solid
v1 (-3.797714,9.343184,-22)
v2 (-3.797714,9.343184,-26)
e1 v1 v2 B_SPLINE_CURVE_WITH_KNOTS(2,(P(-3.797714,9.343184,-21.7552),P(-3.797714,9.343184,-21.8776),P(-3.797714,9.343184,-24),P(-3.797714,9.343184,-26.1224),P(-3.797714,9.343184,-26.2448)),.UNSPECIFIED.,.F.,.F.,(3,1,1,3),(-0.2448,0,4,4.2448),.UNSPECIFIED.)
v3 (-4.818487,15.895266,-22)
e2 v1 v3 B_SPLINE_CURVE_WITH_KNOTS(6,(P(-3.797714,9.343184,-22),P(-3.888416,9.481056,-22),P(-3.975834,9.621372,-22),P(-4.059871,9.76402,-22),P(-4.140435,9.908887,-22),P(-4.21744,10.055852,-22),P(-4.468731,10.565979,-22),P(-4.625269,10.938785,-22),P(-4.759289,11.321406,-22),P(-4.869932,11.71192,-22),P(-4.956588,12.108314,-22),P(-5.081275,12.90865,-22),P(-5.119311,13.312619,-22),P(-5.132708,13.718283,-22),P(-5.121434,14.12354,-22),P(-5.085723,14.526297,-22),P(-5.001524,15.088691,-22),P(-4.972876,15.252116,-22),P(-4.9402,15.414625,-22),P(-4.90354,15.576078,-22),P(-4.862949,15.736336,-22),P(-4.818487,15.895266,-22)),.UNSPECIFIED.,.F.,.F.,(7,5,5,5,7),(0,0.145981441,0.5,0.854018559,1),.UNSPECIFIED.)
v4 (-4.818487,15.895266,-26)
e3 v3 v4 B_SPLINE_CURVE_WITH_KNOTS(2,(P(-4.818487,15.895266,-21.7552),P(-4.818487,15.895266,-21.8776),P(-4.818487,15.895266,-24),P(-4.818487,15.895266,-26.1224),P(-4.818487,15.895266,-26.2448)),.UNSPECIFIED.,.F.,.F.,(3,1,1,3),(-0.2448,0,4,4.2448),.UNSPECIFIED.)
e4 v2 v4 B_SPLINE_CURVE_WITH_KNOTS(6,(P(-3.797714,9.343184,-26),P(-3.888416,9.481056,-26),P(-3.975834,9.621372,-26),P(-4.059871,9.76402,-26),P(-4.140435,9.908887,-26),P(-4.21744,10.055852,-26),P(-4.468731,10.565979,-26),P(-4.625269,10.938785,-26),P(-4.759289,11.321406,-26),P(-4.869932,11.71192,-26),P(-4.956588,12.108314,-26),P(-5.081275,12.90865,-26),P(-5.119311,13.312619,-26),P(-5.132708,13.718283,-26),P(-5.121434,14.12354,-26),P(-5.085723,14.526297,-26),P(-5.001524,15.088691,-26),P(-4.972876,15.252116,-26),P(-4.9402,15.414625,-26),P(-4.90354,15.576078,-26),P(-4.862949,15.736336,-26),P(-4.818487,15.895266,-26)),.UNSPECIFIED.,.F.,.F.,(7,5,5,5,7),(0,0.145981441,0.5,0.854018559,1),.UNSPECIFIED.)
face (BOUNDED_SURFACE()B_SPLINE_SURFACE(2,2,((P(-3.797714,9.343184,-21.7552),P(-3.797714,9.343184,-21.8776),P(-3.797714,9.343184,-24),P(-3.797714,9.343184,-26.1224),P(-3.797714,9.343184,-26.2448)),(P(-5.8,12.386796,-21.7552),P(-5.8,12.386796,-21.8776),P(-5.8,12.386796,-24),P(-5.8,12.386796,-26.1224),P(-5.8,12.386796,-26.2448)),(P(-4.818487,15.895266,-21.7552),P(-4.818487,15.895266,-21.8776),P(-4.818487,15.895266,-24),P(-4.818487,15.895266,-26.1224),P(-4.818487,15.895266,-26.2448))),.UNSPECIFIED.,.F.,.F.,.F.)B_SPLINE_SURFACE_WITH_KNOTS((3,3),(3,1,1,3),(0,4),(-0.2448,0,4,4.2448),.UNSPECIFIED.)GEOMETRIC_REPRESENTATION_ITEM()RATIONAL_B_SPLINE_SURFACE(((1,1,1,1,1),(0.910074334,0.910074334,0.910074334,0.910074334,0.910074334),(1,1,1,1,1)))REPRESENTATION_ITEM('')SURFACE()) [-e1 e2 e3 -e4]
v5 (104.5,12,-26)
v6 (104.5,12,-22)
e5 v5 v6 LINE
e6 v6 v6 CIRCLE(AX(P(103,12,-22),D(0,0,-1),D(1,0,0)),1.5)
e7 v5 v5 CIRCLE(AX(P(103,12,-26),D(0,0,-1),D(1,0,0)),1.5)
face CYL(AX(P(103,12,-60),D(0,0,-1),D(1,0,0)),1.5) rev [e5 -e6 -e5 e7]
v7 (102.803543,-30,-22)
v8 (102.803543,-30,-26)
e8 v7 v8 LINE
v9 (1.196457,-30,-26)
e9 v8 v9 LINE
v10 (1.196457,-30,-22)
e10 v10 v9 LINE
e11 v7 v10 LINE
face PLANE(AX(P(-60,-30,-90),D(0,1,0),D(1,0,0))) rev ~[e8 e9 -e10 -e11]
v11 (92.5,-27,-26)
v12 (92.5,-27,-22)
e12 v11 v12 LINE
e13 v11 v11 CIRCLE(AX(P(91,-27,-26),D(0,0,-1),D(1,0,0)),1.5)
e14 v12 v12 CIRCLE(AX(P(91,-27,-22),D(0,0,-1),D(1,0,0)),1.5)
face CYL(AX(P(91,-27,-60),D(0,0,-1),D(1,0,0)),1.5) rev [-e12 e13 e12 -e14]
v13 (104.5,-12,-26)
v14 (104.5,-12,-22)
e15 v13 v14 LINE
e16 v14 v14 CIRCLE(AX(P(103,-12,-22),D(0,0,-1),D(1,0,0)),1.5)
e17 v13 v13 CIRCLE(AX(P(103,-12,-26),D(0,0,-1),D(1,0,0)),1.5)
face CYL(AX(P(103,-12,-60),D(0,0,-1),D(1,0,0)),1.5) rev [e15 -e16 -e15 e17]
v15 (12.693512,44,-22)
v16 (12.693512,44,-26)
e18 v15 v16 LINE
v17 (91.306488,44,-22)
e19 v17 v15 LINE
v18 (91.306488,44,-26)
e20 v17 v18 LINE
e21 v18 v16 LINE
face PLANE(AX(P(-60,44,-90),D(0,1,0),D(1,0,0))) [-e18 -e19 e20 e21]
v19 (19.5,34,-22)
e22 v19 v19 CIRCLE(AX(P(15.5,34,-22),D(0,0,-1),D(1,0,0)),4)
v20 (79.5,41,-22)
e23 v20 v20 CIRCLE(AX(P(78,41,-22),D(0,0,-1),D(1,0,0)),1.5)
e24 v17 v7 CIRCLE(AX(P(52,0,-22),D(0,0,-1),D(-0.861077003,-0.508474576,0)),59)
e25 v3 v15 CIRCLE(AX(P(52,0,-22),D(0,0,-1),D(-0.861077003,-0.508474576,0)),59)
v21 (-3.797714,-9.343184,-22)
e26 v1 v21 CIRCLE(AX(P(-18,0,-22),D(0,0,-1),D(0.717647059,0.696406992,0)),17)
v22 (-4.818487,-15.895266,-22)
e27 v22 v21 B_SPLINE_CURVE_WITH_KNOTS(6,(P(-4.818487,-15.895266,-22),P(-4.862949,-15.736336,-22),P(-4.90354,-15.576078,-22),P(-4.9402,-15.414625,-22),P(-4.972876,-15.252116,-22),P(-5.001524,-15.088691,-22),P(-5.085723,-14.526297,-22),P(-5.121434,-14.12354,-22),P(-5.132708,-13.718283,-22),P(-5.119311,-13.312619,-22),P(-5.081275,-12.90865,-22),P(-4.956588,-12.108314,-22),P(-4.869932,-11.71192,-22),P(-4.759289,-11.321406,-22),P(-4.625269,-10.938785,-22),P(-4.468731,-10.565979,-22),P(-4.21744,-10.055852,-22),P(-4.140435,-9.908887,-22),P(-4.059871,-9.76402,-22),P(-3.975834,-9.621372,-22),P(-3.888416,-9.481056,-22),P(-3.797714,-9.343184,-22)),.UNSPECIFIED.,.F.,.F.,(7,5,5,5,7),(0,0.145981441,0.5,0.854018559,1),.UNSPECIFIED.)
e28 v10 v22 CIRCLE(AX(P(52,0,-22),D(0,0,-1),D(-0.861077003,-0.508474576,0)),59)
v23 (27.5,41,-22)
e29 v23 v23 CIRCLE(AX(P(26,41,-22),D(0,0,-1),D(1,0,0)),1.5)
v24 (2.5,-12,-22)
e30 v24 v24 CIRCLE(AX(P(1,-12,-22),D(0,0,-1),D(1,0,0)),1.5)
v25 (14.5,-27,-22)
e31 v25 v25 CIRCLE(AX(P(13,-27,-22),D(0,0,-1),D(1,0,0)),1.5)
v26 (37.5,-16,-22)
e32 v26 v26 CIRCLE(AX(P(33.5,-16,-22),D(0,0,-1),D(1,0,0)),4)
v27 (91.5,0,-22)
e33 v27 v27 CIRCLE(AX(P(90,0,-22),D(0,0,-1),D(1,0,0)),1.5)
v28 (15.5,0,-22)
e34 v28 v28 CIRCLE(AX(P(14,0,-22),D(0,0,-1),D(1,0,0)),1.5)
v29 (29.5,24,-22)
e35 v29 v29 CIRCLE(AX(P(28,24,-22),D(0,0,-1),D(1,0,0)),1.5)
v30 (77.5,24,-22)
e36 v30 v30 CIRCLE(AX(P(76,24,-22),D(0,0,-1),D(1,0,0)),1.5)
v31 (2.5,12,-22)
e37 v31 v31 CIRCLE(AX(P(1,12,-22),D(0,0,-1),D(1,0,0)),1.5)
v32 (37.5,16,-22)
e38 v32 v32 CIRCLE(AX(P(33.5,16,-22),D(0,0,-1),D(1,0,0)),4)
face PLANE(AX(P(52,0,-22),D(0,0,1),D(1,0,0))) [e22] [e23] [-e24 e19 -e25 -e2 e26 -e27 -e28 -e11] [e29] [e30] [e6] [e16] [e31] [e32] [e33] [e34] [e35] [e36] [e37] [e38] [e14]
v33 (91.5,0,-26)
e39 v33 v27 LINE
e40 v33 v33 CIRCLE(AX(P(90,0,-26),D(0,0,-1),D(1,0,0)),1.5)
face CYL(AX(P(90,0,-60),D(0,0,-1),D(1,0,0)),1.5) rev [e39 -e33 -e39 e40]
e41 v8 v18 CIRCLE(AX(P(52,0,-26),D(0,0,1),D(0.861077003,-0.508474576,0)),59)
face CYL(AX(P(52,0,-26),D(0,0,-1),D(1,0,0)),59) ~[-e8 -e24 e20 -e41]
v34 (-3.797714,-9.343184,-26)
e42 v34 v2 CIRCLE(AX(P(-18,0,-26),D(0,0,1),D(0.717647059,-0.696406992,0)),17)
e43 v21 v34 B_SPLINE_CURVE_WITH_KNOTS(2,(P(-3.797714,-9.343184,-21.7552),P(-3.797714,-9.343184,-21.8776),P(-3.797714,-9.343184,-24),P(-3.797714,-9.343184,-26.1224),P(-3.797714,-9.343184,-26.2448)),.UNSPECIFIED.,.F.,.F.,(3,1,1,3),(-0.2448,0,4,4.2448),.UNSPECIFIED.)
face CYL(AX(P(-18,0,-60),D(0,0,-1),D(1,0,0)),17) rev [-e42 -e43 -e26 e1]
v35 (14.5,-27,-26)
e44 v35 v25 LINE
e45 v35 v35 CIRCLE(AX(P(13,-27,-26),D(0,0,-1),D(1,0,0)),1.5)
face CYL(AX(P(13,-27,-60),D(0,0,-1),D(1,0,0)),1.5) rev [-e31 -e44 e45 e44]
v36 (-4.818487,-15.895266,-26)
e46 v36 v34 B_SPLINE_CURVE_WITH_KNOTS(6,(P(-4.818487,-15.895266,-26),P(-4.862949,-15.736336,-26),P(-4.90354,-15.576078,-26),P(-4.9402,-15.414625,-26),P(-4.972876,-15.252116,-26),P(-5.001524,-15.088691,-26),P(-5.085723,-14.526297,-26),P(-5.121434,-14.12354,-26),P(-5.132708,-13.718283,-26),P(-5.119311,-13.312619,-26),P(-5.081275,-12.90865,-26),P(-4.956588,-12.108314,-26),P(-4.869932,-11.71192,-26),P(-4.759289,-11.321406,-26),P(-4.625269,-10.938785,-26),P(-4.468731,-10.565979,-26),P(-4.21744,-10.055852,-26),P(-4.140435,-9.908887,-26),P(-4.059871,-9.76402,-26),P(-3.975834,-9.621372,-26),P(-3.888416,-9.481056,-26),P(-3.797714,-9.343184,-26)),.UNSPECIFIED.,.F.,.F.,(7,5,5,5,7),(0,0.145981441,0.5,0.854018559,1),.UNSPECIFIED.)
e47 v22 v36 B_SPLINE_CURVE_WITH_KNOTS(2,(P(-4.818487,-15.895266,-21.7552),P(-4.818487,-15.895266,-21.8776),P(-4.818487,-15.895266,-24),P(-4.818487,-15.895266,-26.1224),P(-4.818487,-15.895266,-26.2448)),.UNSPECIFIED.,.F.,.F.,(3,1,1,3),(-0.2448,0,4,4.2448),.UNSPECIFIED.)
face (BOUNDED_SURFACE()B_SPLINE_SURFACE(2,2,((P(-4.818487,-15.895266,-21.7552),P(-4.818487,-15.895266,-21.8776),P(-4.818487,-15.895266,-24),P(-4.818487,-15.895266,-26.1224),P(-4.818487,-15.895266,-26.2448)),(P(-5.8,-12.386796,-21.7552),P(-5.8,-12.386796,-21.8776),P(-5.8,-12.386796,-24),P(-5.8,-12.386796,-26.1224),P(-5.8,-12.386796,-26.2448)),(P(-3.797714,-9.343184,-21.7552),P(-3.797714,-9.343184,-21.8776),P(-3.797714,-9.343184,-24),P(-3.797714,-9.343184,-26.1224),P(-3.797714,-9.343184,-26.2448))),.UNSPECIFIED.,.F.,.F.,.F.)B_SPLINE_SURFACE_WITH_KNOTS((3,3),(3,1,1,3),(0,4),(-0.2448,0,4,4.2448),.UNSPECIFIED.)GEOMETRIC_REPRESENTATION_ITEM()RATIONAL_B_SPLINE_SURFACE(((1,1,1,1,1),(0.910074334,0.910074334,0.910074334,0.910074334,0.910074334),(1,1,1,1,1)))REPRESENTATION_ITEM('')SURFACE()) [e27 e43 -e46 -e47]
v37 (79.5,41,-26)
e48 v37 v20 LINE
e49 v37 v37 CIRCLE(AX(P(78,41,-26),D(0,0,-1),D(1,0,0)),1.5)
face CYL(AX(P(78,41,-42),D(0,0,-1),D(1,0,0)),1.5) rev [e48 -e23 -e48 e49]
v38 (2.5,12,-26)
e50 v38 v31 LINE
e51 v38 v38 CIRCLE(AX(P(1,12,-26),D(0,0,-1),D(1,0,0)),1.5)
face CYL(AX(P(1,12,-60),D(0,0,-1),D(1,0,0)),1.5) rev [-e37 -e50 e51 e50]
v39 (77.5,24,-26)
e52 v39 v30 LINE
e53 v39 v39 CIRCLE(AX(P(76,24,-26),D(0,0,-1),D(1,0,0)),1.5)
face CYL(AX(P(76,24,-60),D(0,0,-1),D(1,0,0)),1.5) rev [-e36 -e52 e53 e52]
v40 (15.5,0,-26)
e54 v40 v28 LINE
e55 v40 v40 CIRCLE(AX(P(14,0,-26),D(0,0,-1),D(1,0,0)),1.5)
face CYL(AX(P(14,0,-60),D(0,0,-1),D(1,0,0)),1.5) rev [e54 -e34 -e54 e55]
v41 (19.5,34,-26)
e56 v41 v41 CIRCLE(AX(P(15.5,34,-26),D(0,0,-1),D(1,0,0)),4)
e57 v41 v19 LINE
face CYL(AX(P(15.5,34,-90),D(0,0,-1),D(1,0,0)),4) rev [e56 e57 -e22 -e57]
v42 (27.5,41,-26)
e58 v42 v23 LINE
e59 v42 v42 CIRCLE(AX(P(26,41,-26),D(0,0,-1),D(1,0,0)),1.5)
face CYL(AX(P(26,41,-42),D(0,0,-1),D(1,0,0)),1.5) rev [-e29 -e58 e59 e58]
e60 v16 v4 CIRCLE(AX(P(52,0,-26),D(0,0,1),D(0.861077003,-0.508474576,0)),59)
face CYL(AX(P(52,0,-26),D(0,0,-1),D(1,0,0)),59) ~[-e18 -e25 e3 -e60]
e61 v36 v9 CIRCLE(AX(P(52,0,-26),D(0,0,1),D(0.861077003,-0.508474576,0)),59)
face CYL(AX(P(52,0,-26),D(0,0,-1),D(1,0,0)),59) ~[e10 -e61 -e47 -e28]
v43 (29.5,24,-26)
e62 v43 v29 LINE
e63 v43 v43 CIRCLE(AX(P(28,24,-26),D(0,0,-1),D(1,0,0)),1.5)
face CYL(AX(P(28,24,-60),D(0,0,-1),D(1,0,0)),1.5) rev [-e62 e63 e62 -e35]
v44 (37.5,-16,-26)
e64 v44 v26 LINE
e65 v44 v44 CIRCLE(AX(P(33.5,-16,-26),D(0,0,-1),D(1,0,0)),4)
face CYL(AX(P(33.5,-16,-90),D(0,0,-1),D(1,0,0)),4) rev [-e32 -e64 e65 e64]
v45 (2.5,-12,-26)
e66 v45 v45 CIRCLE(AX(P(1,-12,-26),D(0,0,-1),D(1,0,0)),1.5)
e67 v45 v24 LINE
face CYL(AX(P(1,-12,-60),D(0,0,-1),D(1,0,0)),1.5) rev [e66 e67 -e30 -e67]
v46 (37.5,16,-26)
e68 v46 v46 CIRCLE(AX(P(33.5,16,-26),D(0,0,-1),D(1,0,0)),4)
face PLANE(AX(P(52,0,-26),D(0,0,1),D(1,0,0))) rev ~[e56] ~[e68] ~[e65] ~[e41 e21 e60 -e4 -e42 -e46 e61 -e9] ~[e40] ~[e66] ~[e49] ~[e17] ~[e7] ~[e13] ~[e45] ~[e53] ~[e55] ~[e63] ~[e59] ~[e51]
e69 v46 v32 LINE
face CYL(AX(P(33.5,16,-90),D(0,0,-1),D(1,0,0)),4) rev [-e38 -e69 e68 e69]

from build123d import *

# Parameters (mm, degrees)
CYLINDER1834_R     = 17
CYLINDER1834_DEPTH = 160
CYLINDER1871_R     = 1.5
CYLINDER1871_DEPTH = 100
CYLINDER1829_R     = 1.5
CYLINDER1829_DEPTH = 100
CYLINDER1810_R     = 1.5
CYLINDER1810_DEPTH = 32
CYLINDER1802_R     = 1.5
CYLINDER1802_DEPTH = 32
BOX549_W           = 200
BOX549_H           = 100
BOX549_DEPTH       = 100
BOX550_W           = 200
BOX550_H           = 100
BOX550_DEPTH       = 100
CYLINDER1813_R     = 4
CYLINDER1813_DEPTH = 100
CYLINDER1800_R     = 4
CYLINDER1800_DEPTH = 100
CYLINDER1816_R     = 4
CYLINDER1816_DEPTH = 100
CYLINDER1815_R     = 4
CYLINDER1815_DEPTH = 100
CYLINDER1812_R     = 4
CYLINDER1812_DEPTH = 100
CYLINDER1801_R     = 4
CYLINDER1801_DEPTH = 100
CYLINDER1811_R     = 4
CYLINDER1811_DEPTH = 100
CYLINDER1814_R     = 4
CYLINDER1814_DEPTH = 100
CYLINDER1821_R     = 1.5
CYLINDER1821_DEPTH = 100
CYLINDER1820_R     = 1.5
CYLINDER1820_DEPTH = 100
CYLINDER1819_R     = 1.5
CYLINDER1819_DEPTH = 100
CYLINDER1818_R     = 1.5
CYLINDER1818_DEPTH = 100
CYLINDER1808_R     = 1.5
CYLINDER1808_DEPTH = 100
CYLINDER1807_R     = 1.5
CYLINDER1807_DEPTH = 100
CYLINDER1799_R     = 1.5
CYLINDER1799_DEPTH = 100
CYLINDER1822_R     = 1.5
CYLINDER1822_DEPTH = 100
CYLINDER1823_R     = 59
CYLINDER1823_DEPTH = 4
FILLET023_R        = 8


with BuildPart() as v_lec1834:
    # Cylinder1834 → Cylinder1834 (new body)
    with BuildSketch(Plane(origin=(-18, 0, -60), x_dir=(1, 0, 0), z_dir=(0, 0, 1))):
        Circle(CYLINDER1834_R)
    extrude(amount=CYLINDER1834_DEPTH)


with BuildPart() as v_lec1871:
    # Cylinder1871 → Cylinder1871 (new body)
    with BuildSketch(Plane(origin=(14, 0, -60), x_dir=(1, 0, 0), z_dir=(0, 0, 1))):
        Circle(CYLINDER1871_R)
    extrude(amount=CYLINDER1871_DEPTH)


with BuildPart() as srouby_troj011:
    # Cylinder1829 → Cylinder1829 (new body)
    with BuildSketch(Plane(origin=(90, 0, -60), x_dir=(1, 0, 0), z_dir=(0, 0, 1))):
        Circle(CYLINDER1829_R)
    extrude(amount=CYLINDER1829_DEPTH)

    # Compound967: union Válec1871
    add(v_lec1871.part)


with BuildPart() as v_lec1810:
    # Cylinder1810 → Cylinder1810 (new body)
    with BuildSketch(Plane(origin=(78, 41, -42), x_dir=(1, 0, 0), z_dir=(0, 0, 1))):
        Circle(CYLINDER1810_R)
    extrude(amount=CYLINDER1810_DEPTH)


with BuildPart() as compound969:
    # Cylinder1802 → Cylinder1802 (new body)
    with BuildSketch(Plane(origin=(26, 41, -42), x_dir=(1, 0, 0), z_dir=(0, 0, 1))):
        Circle(CYLINDER1802_R)
    extrude(amount=CYLINDER1802_DEPTH)

    # Compound969: union Válec1810
    add(v_lec1810.part)


with BuildPart() as krychle549:
    # Box549 → Box549 (new body)
    with BuildSketch(Plane(origin=(-60, 44, -90), x_dir=(1, 0, 0), z_dir=(0, 0, 1))):
        with Locations((100, 50)):
            Rectangle(BOX549_W, BOX549_H)
    extrude(amount=BOX549_DEPTH)


with BuildPart() as krychle550:
    # Box550 → Box550 (new body)
    with BuildSketch(Plane(origin=(-60, -130, -90), x_dir=(1, 0, 0), z_dir=(0, 0, 1))):
        with Locations((100, 50)):
            Rectangle(BOX550_W, BOX550_H)
    extrude(amount=BOX550_DEPTH)


with BuildPart() as v_lec1813:
    # Cylinder1813 → Cylinder1813 (new body)
    with BuildSketch(Plane(origin=(-16, 34, -90), x_dir=(1, 0, 0), z_dir=(0, 0, 1))):
        Circle(CYLINDER1813_R)
    extrude(amount=CYLINDER1813_DEPTH)


with BuildPart() as v_lec1800:
    # Cylinder1800 → Cylinder1800 (new body)
    with BuildSketch(Plane(origin=(-16, -34, -90), x_dir=(1, 0, 0), z_dir=(0, 0, 1))):
        Circle(CYLINDER1800_R)
    extrude(amount=CYLINDER1800_DEPTH)


with BuildPart() as v_lec1816:
    # Cylinder1816 → Cylinder1816 (new body)
    with BuildSketch(Plane(origin=(34, -16, -90), x_dir=(1, 0, 0), z_dir=(0, 0, 1))):
        Circle(CYLINDER1816_R)
    extrude(amount=CYLINDER1816_DEPTH)


with BuildPart() as v_lec1815:
    # Cylinder1815 → Cylinder1815 (new body)
    with BuildSketch(Plane(origin=(16, 34, -90), x_dir=(1, 0, 0), z_dir=(0, 0, 1))):
        Circle(CYLINDER1815_R)
    extrude(amount=CYLINDER1815_DEPTH)


with BuildPart() as v_lec1812:
    # Cylinder1812 → Cylinder1812 (new body)
    with BuildSketch(Plane(origin=(16, -34, -90), x_dir=(1, 0, 0), z_dir=(0, 0, 1))):
        Circle(CYLINDER1812_R)
    extrude(amount=CYLINDER1812_DEPTH)


with BuildPart() as v_lec1801:
    # Cylinder1801 → Cylinder1801 (new body)
    with BuildSketch(Plane(origin=(-34, 16, -90), x_dir=(1, 0, 0), z_dir=(0, 0, 1))):
        Circle(CYLINDER1801_R)
    extrude(amount=CYLINDER1801_DEPTH)


with BuildPart() as v_lec1811:
    # Cylinder1811 → Cylinder1811 (new body)
    with BuildSketch(Plane(origin=(34, 16, -90), x_dir=(1, 0, 0), z_dir=(0, 0, 1))):
        Circle(CYLINDER1811_R)
    extrude(amount=CYLINDER1811_DEPTH)


with BuildPart() as sbouby_baze_silne019:
    # Cylinder1814 → Cylinder1814 (new body)
    with BuildSketch(Plane(origin=(-34, -16, -90), x_dir=(1, 0, 0), z_dir=(0, 0, 1))):
        Circle(CYLINDER1814_R)
    extrude(amount=CYLINDER1814_DEPTH)

    # Compound970: union Válec1813, Válec1800, Válec1816, Válec1815, Válec1812, Válec1801, Válec1811
    add(v_lec1813.part)
    add(v_lec1800.part)
    add(v_lec1816.part)
    add(v_lec1815.part)
    add(v_lec1812.part)
    add(v_lec1801.part)
    add(v_lec1811.part)


with BuildPart() as sbouby_baze_silne019_1:
    # Compound970 placement: moved
    add(sbouby_baze_silne019.part.moved(Location((-0.5, 0, 0))))


with BuildPart() as v_lec1821:
    # Cylinder1821 → Cylinder1821 (new body)
    with BuildSketch(Plane(origin=(103, 12, -60), x_dir=(1, 0, 0), z_dir=(0, 0, 1))):
        Circle(CYLINDER1821_R)
    extrude(amount=CYLINDER1821_DEPTH)


with BuildPart() as v_lec1820:
    # Cylinder1820 → Cylinder1820 (new body)
    with BuildSketch(Plane(origin=(76, 24, -60), x_dir=(1, 0, 0), z_dir=(0, 0, 1))):
        Circle(CYLINDER1820_R)
    extrude(amount=CYLINDER1820_DEPTH)


with BuildPart() as v_lec1819:
    # Cylinder1819 → Cylinder1819 (new body)
    with BuildSketch(Plane(origin=(91, -27, -60), x_dir=(1, 0, 0), z_dir=(0, 0, 1))):
        Circle(CYLINDER1819_R)
    extrude(amount=CYLINDER1819_DEPTH)


with BuildPart() as v_lec1818:
    # Cylinder1818 → Cylinder1818 (new body)
    with BuildSketch(Plane(origin=(13, -27, -60), x_dir=(1, 0, 0), z_dir=(0, 0, 1))):
        Circle(CYLINDER1818_R)
    extrude(amount=CYLINDER1818_DEPTH)


with BuildPart() as v_lec1808:
    # Cylinder1808 → Cylinder1808 (new body)
    with BuildSketch(Plane(origin=(28, 24, -60), x_dir=(1, 0, 0), z_dir=(0, 0, 1))):
        Circle(CYLINDER1808_R)
    extrude(amount=CYLINDER1808_DEPTH)


with BuildPart() as v_lec1807:
    # Cylinder1807 → Cylinder1807 (new body)
    with BuildSketch(Plane(origin=(1, -12, -60), x_dir=(1, 0, 0), z_dir=(0, 0, 1))):
        Circle(CYLINDER1807_R)
    extrude(amount=CYLINDER1807_DEPTH)


with BuildPart() as v_lec1799:
    # Cylinder1799 → Cylinder1799 (new body)
    with BuildSketch(Plane(origin=(1, 12, -60), x_dir=(1, 0, 0), z_dir=(0, 0, 1))):
        Circle(CYLINDER1799_R)
    extrude(amount=CYLINDER1799_DEPTH)


with BuildPart() as srouby_monoblok013:
    # Cylinder1822 → Cylinder1822 (new body)
    with BuildSketch(Plane(origin=(103, -12, -60), x_dir=(1, 0, 0), z_dir=(0, 0, 1))):
        Circle(CYLINDER1822_R)
    extrude(amount=CYLINDER1822_DEPTH)

    # Compound968: union Válec1821, Válec1820, Válec1819, Válec1818, Válec1808, Válec1807, Válec1799
    add(v_lec1821.part)
    add(v_lec1820.part)
    add(v_lec1819.part)
    add(v_lec1818.part)
    add(v_lec1808.part)
    add(v_lec1807.part)
    add(v_lec1799.part)


with BuildPart() as fillet023:
    # Cylinder1823 → Cylinder1823 (new body)
    with BuildSketch(Plane(origin=(52, 0, -26), x_dir=(1, 0, 0), z_dir=(0, 0, 1))):
        Circle(CYLINDER1823_R)
    extrude(amount=CYLINDER1823_DEPTH)

    # Cut621: cut srouby_monoblok013
    add(srouby_monoblok013.part, mode=Mode.SUBTRACT)

    # Cut622: cut sbouby_baze_silne019
    add(sbouby_baze_silne019_1.part, mode=Mode.SUBTRACT)

    # Cut623: cut Krychle550
    add(krychle550.part, mode=Mode.SUBTRACT)

    # Cut626: cut Krychle549
    add(krychle549.part, mode=Mode.SUBTRACT)

    # Cut627: cut Compound969
    add(compound969.part, mode=Mode.SUBTRACT)

    # Cut624: cut srouby_troj011
    add(srouby_troj011.part, mode=Mode.SUBTRACT)

    # Cut612: cut Válec1834
    add(v_lec1834.part, mode=Mode.SUBTRACT)

    # Fillet023
    fillet023_edges = [fillet023.edges().sort_by_distance(p)[0] for p in [
        (-5.8, -11.838919, -24),
        (-5.8, 11.838919, -24),
    ]]
    fillet(fillet023_edges, radius=FILLET023_R)


solid = fillet023.part
